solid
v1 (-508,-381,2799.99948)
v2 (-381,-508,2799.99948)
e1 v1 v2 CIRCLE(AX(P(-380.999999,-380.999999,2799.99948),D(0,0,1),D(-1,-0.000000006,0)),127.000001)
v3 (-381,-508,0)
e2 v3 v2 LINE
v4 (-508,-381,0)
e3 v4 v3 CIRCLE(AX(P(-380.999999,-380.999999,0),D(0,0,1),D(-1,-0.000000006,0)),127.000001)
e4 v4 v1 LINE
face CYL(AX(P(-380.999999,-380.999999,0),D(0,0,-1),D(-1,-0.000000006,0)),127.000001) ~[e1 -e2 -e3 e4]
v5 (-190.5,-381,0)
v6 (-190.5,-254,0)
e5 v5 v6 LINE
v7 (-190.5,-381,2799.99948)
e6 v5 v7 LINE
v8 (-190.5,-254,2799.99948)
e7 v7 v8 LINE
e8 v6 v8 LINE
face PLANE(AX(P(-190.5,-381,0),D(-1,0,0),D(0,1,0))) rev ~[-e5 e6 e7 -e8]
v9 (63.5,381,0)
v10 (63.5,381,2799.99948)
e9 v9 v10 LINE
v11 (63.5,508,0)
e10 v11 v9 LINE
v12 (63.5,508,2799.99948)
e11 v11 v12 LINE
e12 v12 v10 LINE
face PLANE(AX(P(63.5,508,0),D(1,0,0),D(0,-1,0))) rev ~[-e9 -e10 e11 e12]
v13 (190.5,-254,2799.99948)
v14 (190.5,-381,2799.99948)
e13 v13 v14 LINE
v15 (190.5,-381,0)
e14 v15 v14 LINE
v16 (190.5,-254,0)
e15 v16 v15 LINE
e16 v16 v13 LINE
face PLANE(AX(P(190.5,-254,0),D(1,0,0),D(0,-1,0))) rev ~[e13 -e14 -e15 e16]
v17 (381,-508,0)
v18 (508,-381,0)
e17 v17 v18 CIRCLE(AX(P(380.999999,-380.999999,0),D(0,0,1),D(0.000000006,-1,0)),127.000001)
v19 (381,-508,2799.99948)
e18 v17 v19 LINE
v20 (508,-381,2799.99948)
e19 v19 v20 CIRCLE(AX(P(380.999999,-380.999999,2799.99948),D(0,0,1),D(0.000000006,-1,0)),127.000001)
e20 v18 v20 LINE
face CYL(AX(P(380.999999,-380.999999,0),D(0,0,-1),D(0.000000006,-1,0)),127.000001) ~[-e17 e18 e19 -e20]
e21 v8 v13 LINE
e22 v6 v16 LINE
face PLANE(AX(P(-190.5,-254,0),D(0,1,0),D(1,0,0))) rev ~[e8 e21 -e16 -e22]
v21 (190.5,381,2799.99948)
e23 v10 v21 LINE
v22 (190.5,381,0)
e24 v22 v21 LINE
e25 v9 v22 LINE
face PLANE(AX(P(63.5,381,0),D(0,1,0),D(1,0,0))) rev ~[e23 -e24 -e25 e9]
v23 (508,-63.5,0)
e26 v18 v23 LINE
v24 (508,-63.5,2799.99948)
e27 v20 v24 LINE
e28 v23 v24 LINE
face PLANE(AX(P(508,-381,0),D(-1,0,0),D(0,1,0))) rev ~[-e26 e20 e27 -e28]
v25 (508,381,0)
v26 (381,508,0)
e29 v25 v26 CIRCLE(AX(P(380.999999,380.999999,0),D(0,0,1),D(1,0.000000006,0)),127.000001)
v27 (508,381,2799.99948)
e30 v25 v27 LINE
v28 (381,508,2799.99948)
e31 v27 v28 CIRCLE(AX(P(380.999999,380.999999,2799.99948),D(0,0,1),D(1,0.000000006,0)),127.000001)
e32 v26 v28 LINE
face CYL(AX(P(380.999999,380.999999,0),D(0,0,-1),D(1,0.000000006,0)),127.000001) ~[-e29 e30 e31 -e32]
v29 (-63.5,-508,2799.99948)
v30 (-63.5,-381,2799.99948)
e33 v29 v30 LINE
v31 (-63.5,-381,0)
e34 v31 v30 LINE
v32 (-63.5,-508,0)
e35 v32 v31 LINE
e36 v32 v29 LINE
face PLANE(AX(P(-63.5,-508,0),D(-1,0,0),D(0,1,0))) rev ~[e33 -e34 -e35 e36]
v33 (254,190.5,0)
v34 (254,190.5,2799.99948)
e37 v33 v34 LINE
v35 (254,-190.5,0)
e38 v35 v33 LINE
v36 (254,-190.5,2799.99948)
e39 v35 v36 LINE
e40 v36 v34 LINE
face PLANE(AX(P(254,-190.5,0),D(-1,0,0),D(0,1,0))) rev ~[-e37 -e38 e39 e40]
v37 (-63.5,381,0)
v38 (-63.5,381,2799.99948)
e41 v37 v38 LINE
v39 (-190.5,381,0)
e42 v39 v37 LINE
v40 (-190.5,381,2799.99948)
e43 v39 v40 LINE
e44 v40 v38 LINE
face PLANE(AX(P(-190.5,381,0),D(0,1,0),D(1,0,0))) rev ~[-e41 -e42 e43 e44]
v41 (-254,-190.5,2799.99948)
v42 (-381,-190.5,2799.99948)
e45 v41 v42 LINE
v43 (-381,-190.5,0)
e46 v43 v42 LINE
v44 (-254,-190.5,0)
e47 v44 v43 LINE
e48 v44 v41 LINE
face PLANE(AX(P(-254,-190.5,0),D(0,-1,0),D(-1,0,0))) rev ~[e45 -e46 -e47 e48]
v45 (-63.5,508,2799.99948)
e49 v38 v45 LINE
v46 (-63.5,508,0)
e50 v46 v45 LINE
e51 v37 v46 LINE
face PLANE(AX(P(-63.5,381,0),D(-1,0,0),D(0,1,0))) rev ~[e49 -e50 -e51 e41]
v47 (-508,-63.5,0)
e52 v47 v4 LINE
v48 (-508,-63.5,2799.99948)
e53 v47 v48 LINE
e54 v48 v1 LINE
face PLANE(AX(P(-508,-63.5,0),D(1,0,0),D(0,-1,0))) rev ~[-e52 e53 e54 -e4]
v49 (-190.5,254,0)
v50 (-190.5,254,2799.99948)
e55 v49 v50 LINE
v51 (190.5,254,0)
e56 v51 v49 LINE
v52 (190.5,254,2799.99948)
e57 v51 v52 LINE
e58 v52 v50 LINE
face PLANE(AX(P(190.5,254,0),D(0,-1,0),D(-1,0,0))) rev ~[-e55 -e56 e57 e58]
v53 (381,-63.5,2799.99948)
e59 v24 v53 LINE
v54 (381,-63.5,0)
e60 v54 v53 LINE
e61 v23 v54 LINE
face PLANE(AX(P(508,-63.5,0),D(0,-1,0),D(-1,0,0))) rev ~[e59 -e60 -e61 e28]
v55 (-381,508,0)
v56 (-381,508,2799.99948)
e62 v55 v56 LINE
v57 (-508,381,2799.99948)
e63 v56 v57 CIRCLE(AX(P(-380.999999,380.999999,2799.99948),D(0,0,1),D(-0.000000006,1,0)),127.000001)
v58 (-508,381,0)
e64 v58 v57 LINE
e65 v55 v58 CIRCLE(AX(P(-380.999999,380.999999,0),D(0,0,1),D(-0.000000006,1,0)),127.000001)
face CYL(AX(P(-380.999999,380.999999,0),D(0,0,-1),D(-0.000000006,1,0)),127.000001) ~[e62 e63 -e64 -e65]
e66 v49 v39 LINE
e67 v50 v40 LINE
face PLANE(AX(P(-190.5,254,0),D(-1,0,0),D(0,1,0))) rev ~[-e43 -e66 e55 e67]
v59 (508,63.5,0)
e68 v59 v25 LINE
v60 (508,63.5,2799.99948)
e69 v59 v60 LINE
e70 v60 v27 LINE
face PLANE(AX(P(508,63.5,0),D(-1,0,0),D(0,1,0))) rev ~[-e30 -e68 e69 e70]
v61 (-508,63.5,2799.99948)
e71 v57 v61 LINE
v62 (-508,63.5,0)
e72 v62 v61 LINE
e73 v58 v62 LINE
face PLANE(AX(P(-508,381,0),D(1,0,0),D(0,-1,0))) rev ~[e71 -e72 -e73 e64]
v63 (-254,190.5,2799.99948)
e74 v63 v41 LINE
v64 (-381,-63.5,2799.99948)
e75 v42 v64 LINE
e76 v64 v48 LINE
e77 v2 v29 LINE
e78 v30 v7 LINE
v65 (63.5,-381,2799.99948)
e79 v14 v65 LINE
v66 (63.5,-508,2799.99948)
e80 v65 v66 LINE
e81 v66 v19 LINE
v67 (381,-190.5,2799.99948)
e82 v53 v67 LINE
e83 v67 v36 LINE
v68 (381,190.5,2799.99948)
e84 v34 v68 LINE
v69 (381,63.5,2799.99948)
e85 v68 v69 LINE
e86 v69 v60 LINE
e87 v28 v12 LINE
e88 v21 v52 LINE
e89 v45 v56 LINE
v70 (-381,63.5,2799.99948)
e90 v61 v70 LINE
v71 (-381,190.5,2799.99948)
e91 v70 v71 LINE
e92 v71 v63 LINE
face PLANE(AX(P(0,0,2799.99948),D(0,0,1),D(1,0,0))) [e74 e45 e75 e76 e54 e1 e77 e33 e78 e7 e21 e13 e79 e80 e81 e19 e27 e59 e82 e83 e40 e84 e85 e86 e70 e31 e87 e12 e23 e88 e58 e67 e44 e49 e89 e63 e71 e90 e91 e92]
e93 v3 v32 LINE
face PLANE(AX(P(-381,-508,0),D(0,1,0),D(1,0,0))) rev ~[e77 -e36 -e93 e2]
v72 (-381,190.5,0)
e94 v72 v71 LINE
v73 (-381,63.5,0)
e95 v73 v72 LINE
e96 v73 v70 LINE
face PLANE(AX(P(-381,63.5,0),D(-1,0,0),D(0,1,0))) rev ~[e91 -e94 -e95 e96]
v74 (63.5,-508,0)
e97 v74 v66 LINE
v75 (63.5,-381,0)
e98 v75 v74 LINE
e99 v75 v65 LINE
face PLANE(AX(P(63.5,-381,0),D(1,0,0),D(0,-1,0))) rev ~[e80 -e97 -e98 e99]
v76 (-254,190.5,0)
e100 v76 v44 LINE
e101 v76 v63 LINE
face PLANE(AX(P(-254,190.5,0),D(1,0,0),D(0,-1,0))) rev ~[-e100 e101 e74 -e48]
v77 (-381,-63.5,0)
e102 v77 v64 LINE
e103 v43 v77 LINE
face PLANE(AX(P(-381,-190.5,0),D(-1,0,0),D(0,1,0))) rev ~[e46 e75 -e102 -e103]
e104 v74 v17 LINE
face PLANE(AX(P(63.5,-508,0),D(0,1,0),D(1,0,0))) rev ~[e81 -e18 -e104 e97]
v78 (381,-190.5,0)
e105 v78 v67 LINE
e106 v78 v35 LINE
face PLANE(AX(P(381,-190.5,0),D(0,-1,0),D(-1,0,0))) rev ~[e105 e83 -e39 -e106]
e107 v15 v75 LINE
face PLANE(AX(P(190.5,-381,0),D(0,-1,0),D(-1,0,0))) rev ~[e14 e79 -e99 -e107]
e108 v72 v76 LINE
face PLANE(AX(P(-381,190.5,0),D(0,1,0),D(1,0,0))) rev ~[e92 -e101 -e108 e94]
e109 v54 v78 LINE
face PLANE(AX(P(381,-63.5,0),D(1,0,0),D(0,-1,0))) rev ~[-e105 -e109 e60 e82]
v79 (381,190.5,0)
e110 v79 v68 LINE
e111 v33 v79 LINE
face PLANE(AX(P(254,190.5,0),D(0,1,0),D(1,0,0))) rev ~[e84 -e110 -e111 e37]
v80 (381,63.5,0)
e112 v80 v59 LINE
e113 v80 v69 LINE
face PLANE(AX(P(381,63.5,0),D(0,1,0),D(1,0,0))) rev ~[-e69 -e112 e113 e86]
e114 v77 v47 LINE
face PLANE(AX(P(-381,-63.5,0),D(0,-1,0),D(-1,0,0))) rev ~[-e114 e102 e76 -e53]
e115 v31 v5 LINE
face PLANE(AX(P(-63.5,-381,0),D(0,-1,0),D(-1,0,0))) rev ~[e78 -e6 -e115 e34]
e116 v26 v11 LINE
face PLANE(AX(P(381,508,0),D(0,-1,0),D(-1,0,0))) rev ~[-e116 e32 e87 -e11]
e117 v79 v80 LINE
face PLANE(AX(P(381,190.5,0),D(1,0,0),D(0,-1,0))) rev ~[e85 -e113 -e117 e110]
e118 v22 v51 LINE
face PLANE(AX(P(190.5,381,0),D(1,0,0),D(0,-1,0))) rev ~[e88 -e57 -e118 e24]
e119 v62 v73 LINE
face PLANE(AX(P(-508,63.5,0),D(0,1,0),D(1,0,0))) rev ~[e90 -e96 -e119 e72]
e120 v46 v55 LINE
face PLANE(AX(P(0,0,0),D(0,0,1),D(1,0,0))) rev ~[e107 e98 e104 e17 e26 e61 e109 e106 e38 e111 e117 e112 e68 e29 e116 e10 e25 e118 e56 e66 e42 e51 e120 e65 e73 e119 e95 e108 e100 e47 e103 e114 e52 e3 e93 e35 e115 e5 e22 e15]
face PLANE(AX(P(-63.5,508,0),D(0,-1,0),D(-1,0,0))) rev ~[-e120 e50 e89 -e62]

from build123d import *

# Parameters (mm, degrees)
F1_DEPTH = 2799.99948


with BuildPart() as f1:
    # F0 (on Top) → F1 (new body)
    with BuildSketch(Plane.XY):
        with BuildLine():
            Line((-63.5, 508), (-381, 508))
            ThreePointArc((-381, 508), (-470.802561, 470.802561), (-508, 381))
            Line((-508, 381), (-508, 63.5))
            Line((-508, 63.5), (-381, 63.5))
            Line((-381, 63.5), (-381, 190.5))
            Line((-381, 190.5), (-254, 190.5))
            Line((-254, 190.5), (-254, -190.5))
            Line((-254, -190.5), (-381, -190.5))
            Line((-381, -190.5), (-381, -63.5))
            Line((-381, -63.5), (-508, -63.5))
            Line((-508, -63.5), (-508, -381))
            ThreePointArc((-508, -381), (-470.802561, -470.802561), (-381, -508))
            Line((-381, -508), (-63.5, -508))
            Line((-63.5, -508), (-63.5, -381))
            Line((-63.5, -381), (-190.5, -381))
            Line((-190.5, -381), (-190.5, -254))
            Line((-190.5, -254), (190.5, -254))
            Line((190.5, -254), (190.5, -381))
            Line((190.5, -381), (63.5, -381))
            Line((63.5, -381), (63.5, -508))
            Line((63.5, -508), (381, -508))
            ThreePointArc((381, -508), (470.802561, -470.802561), (508, -381))
            Line((508, -381), (508, -63.5))
            Line((508, -63.5), (381, -63.5))
            Line((381, -63.5), (381, -190.5))
            Line((381, -190.5), (254, -190.5))
            Line((254, -190.5), (254, 190.5))
            Line((254, 190.5), (381, 190.5))
            Line((381, 190.5), (381, 63.5))
            Line((381, 63.5), (508, 63.5))
            Line((508, 63.5), (508, 381))
            ThreePointArc((508, 381), (470.802561, 470.802561), (381, 508))
            Line((381, 508), (63.5, 508))
            Line((63.5, 508), (63.5, 381))
            Line((63.5, 381), (190.5, 381))
            Line((190.5, 381), (190.5, 254))
            Line((190.5, 254), (-190.5, 254))
            Line((-190.5, 254), (-190.5, 381))
            Line((-190.5, 381), (-63.5, 381))
            Line((-63.5, 381), (-63.5, 508))
        make_face()
    extrude(amount=F1_DEPTH)


solid = f1.part
